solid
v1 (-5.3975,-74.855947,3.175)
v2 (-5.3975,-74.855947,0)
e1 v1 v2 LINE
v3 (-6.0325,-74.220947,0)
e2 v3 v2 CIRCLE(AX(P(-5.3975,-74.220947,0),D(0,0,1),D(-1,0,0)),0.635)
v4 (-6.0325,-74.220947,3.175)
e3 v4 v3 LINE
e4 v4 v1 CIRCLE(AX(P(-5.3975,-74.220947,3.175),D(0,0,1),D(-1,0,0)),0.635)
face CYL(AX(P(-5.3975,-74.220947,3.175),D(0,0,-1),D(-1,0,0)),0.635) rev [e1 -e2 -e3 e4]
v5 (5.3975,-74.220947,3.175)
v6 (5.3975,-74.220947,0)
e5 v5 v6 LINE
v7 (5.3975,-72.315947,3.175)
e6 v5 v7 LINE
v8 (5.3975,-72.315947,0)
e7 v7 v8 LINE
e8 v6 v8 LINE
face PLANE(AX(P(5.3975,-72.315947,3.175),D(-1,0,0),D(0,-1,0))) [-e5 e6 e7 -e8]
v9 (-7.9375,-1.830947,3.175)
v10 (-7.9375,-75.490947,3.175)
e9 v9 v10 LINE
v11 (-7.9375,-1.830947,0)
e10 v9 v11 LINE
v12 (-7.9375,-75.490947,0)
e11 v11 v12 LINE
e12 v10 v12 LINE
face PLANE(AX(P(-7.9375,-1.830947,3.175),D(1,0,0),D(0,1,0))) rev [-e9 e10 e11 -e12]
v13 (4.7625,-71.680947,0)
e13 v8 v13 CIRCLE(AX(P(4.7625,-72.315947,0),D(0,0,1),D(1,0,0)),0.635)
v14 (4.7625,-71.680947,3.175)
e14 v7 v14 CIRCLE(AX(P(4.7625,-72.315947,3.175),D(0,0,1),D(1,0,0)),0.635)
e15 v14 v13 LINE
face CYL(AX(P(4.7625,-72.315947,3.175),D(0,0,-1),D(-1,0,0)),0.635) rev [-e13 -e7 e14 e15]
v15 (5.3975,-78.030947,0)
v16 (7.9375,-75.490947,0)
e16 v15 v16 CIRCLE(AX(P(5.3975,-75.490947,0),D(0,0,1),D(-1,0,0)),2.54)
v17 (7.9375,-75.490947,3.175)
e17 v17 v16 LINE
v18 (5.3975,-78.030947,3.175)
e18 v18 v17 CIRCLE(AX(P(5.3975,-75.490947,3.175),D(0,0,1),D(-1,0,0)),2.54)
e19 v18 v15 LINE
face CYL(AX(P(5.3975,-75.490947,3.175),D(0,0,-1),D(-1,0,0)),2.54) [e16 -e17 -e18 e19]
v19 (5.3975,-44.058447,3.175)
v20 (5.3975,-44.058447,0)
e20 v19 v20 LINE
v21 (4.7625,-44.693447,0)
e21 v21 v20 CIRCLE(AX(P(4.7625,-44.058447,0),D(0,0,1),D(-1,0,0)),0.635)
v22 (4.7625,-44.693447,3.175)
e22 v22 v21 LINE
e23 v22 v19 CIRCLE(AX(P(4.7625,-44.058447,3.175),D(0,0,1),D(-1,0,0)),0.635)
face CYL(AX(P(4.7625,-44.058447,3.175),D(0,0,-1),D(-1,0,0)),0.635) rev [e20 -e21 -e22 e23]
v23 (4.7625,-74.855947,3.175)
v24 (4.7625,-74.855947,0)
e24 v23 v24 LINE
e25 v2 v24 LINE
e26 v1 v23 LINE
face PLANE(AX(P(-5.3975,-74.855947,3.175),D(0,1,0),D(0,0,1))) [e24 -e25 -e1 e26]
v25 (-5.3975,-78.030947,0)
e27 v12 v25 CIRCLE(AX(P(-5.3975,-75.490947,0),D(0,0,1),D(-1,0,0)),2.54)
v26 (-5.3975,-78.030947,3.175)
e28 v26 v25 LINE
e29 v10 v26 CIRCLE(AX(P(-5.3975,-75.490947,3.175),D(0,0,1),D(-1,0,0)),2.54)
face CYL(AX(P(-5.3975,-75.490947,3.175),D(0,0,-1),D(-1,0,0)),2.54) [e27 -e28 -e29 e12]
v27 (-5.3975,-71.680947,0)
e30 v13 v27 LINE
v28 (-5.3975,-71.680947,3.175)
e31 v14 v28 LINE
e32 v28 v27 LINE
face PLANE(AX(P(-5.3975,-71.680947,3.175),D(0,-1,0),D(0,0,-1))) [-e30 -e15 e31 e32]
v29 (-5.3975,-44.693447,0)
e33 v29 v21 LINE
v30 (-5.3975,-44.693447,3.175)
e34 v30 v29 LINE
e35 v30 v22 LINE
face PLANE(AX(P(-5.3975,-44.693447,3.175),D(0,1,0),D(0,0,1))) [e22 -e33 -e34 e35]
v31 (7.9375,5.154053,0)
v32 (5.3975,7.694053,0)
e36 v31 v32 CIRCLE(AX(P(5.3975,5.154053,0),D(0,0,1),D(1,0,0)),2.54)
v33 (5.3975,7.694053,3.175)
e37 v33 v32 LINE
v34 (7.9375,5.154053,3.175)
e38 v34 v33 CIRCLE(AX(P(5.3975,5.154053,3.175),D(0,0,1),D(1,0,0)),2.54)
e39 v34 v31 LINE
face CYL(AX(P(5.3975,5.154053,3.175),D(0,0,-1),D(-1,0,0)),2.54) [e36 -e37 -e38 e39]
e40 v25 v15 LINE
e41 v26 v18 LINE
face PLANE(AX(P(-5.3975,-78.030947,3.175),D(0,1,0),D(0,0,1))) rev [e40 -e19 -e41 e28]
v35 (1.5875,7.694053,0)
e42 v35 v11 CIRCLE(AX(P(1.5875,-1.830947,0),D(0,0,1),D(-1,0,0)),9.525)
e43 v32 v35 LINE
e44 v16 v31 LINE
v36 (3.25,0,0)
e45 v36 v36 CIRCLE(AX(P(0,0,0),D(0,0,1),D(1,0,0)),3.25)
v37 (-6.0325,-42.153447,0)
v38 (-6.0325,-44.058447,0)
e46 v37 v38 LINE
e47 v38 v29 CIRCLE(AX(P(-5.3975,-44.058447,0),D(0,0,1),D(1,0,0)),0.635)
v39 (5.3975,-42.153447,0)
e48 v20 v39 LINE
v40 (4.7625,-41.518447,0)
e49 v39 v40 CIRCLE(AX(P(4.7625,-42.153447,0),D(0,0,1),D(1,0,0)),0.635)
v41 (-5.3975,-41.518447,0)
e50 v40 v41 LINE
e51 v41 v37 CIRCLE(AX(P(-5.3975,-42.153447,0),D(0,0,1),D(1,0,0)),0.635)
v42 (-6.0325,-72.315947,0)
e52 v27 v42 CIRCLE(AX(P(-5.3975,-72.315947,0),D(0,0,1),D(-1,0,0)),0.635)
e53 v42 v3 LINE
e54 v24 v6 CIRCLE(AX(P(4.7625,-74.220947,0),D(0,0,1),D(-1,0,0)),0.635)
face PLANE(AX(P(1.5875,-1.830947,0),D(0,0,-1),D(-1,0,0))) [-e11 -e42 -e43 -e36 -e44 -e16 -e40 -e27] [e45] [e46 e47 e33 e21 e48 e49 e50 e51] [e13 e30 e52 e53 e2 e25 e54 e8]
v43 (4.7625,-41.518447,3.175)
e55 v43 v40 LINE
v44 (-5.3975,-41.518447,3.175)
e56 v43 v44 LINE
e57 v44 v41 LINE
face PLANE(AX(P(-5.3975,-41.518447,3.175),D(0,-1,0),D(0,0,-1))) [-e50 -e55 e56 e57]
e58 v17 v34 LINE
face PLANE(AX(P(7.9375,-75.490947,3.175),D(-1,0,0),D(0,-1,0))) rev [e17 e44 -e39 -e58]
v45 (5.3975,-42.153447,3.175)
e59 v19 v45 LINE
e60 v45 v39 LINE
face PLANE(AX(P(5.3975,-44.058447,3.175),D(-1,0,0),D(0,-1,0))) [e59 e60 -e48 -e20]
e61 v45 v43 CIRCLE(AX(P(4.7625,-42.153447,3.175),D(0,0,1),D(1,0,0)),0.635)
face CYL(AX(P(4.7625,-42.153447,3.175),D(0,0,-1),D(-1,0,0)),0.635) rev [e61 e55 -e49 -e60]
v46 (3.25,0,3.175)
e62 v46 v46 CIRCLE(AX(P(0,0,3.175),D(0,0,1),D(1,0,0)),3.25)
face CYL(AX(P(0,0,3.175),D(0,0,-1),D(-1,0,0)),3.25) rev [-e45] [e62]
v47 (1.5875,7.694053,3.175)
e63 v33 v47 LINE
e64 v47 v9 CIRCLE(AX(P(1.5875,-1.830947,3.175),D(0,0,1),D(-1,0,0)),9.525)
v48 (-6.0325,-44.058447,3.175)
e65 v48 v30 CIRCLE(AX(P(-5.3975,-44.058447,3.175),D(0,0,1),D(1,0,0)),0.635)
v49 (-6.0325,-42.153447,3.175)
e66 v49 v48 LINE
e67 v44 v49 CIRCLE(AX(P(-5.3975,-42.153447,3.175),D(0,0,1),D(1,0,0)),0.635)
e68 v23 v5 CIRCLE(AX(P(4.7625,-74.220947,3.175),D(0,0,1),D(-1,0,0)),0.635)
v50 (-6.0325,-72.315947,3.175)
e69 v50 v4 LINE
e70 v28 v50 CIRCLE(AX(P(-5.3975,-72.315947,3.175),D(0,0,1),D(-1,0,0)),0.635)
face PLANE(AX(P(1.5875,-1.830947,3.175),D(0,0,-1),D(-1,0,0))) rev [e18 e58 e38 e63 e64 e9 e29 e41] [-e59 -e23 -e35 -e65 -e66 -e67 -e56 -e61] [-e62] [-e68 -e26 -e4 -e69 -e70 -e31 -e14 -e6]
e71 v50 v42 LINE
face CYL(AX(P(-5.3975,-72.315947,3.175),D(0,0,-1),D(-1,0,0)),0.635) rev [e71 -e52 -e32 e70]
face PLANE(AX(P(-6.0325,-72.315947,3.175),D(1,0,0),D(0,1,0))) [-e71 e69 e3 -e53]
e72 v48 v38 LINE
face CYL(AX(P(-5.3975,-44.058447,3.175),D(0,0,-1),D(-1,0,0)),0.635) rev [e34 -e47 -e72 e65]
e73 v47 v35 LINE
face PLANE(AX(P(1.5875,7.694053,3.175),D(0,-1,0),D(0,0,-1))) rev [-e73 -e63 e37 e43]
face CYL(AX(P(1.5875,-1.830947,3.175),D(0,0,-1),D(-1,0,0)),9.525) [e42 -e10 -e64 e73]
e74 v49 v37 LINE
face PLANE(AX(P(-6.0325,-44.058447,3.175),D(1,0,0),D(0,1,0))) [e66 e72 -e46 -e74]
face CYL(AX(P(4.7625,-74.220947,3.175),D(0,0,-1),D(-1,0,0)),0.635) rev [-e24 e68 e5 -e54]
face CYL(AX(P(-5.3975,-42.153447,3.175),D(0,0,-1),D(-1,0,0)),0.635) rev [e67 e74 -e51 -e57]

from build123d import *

# Parameters (mm, degrees)
SKETCH1_R           = 3.25
BOSS_EXTRUDE1_DEPTH = 3.175


with BuildPart() as part:
    # Sketch1 → Boss-Extrude1 (new body)
    with BuildSketch(Plane.XY):
        with BuildLine():
            Line((-7.9375, -1.830947062), (-7.9375, -75.490947062))
            ThreePointArc((-7.9375, -75.490947062), (-7.193551224, -77.286998286), (-5.3975, -78.030947062))
            Line((-5.3975, -78.030947062), (5.3975, -78.030947062))
            ThreePointArc((5.3975, -78.030947062), (7.193551224, -77.286998286), (7.9375, -75.490947062))
            Line((7.9375, -75.490947062), (7.9375, 5.154052938))
            ThreePointArc((7.9375, 5.154052938), (7.193551224, 6.950104162), (5.3975, 7.694052938))
            Line((5.3975, 7.694052938), (1.5875, 7.694052938))
            ThreePointArc((1.5875, 7.694052938), (-5.147692091, 4.904245029), (-7.9375, -1.830947062))
        make_face()
        Circle(SKETCH1_R, mode=Mode.SUBTRACT)
        with BuildLine():
            Line((-5.3975, -71.680947062), (4.7625, -71.680947062))
            ThreePointArc((4.7625, -71.680947062), (5.211512806, -71.866934256), (5.3975, -72.315947062))
            Line((5.3975, -72.315947062), (5.3975, -74.220947062))
            ThreePointArc((5.3975, -74.220947062), (5.211512806, -74.669959868), (4.7625, -74.855947062))
            Line((4.7625, -74.855947062), (-5.3975, -74.855947062))
            ThreePointArc((-5.3975, -74.855947062), (-5.846512806, -74.669959868), (-6.0325, -74.220947062))
            Line((-6.0325, -74.220947062), (-6.0325, -72.315947062))
            ThreePointArc((-6.0325, -72.315947062), (-5.846512806, -71.866934256), (-5.3975, -71.680947062))
        make_face(mode=Mode.SUBTRACT)
        with BuildLine():
            Line((-5.3975, -41.518447062), (4.7625, -41.518447062))
            ThreePointArc((4.7625, -41.518447062), (5.211512806, -41.704434256), (5.3975, -42.153447062))
            Line((5.3975, -42.153447062), (5.3975, -44.058447062))
            ThreePointArc((5.3975, -44.058447062), (5.211512806, -44.507459868), (4.7625, -44.693447062))
            Line((4.7625, -44.693447062), (-5.3975, -44.693447062))
            ThreePointArc((-5.3975, -44.693447062), (-5.846512806, -44.507459868), (-6.0325, -44.058447062))
            Line((-6.0325, -44.058447062), (-6.0325, -42.153447062))
            ThreePointArc((-6.0325, -42.153447062), (-5.846512806, -41.704434256), (-5.3975, -41.518447062))
        make_face(mode=Mode.SUBTRACT)
    extrude(amount=BOSS_EXTRUDE1_DEPTH)


solid = part.part
